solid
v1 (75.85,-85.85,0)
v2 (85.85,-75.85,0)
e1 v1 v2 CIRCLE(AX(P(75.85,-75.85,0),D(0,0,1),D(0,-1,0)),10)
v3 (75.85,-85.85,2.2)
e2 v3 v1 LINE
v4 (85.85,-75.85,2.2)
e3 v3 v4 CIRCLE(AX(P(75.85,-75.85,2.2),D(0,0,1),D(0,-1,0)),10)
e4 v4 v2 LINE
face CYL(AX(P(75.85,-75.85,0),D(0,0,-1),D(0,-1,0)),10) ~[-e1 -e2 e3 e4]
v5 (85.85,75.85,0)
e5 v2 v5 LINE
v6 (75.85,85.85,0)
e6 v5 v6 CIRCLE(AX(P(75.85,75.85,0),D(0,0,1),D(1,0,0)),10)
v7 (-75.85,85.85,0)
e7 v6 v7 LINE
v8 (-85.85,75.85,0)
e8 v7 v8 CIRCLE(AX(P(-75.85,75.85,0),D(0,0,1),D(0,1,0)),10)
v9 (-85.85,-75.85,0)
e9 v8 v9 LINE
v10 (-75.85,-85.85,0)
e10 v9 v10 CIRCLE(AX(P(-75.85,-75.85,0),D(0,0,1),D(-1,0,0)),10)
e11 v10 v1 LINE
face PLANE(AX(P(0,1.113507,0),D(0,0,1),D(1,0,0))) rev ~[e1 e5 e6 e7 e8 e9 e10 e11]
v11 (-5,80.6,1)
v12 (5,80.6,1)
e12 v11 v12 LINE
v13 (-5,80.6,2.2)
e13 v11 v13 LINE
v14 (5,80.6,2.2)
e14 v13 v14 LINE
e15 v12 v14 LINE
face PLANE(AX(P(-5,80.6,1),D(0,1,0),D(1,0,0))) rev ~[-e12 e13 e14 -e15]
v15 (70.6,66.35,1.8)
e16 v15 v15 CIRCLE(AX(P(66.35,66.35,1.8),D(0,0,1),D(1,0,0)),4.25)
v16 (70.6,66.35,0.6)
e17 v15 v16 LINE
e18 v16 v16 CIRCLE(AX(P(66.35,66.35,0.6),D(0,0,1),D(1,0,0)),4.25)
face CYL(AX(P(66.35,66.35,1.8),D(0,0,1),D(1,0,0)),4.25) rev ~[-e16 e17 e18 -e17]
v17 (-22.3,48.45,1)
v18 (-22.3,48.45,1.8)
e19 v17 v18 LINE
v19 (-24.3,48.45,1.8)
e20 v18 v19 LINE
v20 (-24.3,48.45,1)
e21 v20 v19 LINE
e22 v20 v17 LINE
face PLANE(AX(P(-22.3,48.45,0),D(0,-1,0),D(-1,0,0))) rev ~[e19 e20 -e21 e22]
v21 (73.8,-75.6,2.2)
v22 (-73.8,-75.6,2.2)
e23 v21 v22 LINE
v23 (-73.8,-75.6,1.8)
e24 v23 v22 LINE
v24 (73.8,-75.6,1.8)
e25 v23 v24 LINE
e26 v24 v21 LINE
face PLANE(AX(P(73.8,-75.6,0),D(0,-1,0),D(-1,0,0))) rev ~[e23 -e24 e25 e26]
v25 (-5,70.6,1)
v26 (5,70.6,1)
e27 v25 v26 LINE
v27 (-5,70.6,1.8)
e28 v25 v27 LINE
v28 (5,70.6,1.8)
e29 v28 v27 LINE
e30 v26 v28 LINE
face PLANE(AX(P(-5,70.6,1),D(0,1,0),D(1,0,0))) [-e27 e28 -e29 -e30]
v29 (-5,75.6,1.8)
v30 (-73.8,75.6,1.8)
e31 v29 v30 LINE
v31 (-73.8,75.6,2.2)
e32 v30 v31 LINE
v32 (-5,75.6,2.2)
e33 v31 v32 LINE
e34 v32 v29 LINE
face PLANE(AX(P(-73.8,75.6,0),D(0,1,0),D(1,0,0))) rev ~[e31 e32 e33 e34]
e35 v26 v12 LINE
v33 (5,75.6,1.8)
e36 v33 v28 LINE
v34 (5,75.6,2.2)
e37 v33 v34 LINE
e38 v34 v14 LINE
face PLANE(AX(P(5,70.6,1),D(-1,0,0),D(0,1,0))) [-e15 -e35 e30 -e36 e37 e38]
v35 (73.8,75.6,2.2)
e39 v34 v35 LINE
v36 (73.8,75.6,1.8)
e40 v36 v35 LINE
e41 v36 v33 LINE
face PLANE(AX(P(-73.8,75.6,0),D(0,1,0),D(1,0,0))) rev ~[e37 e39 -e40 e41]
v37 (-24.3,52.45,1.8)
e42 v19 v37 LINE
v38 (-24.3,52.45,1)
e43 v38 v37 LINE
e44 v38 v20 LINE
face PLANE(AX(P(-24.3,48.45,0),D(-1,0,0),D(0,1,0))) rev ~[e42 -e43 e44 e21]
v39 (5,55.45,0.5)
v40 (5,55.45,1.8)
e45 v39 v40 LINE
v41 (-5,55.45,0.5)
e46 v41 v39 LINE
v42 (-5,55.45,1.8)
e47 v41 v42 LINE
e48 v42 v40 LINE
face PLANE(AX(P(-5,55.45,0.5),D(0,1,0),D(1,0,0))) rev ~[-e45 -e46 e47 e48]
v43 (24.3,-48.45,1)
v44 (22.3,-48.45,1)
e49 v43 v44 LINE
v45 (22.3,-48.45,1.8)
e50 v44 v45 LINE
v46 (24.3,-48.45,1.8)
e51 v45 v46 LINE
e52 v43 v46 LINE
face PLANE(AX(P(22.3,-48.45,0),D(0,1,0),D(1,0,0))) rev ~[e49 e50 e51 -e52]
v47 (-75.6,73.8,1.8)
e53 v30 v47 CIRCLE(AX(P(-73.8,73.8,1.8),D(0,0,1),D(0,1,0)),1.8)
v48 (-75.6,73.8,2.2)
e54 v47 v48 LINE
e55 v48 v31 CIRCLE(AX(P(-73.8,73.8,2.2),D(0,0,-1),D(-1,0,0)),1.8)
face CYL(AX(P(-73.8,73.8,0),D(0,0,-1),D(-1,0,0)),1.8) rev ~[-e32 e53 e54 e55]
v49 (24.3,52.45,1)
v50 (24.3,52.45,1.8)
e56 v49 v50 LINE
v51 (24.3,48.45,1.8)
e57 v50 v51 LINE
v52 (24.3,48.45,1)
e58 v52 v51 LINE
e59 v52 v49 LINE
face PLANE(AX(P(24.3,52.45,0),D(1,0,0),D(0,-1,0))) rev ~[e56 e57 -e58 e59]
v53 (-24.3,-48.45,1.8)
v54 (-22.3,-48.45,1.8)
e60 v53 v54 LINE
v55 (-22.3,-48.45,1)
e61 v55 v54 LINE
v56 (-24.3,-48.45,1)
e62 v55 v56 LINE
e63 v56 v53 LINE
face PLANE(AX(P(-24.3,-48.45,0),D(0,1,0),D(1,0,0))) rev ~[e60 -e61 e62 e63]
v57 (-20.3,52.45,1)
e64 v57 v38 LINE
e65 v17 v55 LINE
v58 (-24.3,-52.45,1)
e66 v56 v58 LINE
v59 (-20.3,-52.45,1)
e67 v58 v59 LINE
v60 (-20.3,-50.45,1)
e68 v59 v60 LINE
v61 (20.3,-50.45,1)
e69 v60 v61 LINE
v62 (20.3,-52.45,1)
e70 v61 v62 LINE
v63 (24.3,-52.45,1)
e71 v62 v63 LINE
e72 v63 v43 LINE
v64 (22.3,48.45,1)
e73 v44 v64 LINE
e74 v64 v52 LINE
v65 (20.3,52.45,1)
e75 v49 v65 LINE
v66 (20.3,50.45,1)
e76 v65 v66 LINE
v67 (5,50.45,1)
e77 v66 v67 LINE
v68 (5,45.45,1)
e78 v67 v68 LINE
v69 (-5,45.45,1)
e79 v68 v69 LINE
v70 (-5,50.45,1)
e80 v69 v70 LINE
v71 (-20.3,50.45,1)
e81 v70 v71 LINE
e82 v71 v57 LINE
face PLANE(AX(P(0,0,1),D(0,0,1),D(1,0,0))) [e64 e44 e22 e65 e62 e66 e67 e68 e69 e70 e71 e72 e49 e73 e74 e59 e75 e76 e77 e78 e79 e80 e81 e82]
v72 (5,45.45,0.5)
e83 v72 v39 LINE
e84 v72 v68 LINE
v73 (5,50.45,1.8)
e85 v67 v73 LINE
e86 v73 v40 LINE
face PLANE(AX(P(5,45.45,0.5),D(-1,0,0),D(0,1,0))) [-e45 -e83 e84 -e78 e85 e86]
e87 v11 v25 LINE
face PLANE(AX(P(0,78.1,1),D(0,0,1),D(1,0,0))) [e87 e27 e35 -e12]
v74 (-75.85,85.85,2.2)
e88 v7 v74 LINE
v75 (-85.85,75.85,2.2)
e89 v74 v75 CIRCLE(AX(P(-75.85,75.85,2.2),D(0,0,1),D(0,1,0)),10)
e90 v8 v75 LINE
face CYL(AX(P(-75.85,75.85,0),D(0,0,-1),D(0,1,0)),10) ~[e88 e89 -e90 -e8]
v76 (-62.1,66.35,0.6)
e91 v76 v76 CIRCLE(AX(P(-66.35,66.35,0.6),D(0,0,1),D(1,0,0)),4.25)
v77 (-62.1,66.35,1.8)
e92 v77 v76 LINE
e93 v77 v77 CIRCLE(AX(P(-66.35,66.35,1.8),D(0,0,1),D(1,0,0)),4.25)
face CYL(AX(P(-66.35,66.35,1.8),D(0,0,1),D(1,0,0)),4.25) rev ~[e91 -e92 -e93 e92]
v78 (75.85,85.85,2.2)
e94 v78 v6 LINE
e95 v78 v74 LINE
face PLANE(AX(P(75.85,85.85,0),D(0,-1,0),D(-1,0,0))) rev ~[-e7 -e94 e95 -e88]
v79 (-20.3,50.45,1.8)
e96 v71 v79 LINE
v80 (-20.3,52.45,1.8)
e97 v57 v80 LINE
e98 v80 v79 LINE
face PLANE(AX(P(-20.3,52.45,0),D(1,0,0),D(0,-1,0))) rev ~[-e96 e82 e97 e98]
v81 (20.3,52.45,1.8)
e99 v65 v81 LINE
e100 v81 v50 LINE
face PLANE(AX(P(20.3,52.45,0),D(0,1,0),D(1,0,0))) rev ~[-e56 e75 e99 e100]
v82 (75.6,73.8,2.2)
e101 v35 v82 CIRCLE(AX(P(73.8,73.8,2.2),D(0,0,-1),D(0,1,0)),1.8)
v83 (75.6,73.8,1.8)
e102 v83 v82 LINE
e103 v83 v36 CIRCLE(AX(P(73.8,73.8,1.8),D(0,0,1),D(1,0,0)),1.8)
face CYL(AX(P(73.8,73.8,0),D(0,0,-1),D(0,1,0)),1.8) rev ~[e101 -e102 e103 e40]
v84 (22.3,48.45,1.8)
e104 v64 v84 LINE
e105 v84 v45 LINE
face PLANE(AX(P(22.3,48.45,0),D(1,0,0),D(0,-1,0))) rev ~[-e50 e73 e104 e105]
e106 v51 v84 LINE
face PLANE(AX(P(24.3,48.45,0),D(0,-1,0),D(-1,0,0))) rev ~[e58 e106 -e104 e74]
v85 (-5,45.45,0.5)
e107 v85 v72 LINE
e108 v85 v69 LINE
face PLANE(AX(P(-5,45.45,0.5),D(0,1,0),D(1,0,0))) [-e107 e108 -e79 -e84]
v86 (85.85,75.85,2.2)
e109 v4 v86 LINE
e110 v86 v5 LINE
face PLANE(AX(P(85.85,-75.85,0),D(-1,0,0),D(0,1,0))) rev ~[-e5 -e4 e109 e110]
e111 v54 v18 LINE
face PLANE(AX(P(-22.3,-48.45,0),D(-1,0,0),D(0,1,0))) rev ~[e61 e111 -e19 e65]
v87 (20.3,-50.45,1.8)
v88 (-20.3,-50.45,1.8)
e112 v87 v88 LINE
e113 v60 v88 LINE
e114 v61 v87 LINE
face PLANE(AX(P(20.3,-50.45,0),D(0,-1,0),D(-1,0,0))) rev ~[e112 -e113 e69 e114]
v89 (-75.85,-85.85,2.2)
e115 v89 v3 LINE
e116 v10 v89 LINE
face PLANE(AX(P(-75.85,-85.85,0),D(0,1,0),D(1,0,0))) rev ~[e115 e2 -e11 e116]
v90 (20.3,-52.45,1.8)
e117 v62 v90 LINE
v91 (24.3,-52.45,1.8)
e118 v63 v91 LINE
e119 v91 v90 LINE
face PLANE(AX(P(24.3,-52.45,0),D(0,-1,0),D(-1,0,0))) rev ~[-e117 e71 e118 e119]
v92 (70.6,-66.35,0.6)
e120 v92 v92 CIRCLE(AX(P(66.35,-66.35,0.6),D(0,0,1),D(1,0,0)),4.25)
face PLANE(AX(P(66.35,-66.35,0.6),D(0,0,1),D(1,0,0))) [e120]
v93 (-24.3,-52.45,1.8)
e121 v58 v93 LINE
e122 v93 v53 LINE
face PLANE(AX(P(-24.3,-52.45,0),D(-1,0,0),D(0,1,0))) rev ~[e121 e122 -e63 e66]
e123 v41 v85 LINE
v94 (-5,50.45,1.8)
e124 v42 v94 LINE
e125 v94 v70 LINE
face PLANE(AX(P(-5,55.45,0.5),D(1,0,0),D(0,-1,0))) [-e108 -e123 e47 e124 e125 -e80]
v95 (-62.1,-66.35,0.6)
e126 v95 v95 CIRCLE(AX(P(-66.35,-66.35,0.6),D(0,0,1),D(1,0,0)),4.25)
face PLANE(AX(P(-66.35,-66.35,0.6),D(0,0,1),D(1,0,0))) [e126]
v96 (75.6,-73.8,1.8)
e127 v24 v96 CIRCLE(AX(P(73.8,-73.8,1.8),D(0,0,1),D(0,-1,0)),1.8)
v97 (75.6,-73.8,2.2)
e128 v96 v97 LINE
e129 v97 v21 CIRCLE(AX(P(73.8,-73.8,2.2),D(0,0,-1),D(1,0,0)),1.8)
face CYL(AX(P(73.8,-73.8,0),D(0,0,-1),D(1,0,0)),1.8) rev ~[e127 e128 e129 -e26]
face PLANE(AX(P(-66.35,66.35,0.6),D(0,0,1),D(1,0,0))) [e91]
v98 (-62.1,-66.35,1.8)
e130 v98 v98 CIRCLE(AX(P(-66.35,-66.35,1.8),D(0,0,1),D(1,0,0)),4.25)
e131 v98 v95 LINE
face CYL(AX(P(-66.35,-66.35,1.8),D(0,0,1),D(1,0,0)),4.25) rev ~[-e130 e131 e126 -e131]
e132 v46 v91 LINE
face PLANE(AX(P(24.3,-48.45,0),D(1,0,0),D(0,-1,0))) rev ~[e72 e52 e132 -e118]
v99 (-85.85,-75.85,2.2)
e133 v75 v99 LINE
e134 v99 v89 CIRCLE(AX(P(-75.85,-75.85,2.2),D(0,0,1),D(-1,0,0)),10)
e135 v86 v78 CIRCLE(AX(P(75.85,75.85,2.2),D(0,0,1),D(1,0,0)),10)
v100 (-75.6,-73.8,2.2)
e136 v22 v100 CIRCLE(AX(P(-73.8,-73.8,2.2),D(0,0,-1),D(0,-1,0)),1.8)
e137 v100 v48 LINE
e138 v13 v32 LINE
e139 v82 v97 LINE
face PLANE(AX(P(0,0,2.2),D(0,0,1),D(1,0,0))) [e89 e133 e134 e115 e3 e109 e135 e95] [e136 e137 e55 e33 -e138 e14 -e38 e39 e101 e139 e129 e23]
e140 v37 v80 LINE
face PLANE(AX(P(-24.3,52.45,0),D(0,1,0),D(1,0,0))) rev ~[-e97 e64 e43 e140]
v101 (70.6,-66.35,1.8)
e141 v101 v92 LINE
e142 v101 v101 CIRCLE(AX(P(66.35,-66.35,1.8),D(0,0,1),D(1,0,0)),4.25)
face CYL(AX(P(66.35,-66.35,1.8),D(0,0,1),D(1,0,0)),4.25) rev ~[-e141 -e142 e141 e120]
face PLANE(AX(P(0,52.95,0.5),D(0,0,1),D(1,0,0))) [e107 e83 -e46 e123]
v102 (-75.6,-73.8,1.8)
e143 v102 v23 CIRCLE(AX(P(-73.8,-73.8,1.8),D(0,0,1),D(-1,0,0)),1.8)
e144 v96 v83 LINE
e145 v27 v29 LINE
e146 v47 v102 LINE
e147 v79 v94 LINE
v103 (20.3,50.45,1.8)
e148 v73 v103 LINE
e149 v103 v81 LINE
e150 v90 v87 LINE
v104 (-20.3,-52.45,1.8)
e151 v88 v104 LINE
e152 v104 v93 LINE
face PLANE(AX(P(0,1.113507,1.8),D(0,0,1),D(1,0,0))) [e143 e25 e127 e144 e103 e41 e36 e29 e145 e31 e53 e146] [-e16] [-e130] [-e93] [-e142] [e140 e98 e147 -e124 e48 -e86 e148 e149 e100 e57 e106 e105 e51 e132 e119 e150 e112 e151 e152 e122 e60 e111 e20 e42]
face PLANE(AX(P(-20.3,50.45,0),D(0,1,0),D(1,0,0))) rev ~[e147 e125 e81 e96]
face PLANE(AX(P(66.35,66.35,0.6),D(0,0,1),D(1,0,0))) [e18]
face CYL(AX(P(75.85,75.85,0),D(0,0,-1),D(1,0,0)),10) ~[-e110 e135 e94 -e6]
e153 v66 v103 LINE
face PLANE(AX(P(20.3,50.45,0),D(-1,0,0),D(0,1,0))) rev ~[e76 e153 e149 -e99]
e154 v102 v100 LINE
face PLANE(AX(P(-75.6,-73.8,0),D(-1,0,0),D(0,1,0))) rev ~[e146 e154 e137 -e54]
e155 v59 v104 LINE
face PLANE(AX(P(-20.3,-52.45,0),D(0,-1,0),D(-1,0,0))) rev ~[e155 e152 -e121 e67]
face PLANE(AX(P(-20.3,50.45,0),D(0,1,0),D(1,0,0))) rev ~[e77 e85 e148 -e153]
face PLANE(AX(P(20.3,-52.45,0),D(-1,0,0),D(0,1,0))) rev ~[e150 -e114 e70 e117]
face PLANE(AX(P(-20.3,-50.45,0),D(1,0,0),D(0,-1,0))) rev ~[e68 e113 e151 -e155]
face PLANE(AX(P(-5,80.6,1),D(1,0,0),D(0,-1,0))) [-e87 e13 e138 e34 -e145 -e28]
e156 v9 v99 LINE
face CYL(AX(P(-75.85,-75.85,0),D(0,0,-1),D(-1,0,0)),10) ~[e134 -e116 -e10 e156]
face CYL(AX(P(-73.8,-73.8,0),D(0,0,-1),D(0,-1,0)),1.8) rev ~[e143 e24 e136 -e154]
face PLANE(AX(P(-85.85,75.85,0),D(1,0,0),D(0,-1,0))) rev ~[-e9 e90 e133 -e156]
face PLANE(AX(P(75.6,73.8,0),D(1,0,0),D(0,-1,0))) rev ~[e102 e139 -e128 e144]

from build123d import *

# Parameters (mm, degrees)
F0_W     = 10
F0_H     = 5
F1_DEPTH = 1
F2_DEPTH = 2.2
F3_DEPTH = 1.8
F4_START = 1
F4_DEPTH = 1.2
F5_START = 0.5
F5_DEPTH = 1.3
F6_R     = 4.25
F7_DEPTH = 1.2


with BuildPart() as f1:
    # F0 (on Top) → F1 (new body)
    with BuildSketch(Plane.XY):
        with BuildLine():
            Line((75.85, 85.85), (-75.85, 85.85))
            ThreePointArc((-75.85, 85.85), (-82.9210678119, 82.9210678119), (-85.85, 75.85))
            Line((-85.85, 75.85), (-85.85, -75.85))
            ThreePointArc((-85.85, -75.85), (-82.9210678119, -82.9210678119), (-75.85, -85.85))
            Line((-75.85, -85.85), (75.85, -85.85))
            ThreePointArc((75.85, -85.85), (82.9210678119, -82.9210678119), (85.85, -75.85))
            Line((85.85, -75.85), (85.85, 75.85))
            ThreePointArc((85.85, 75.85), (82.9210678119, 82.9210678119), (75.85, 85.85))
        make_face()
        with BuildLine():
            Line((5, 75.6), (73.8, 75.6))
            ThreePointArc((73.8, 75.6), (75.0727922061, 75.0727922061), (75.6, 73.8))
            Line((75.6, 73.8), (75.6, -73.8))
            ThreePointArc((75.6, -73.8), (75.0727922061, -75.0727922061), (73.8, -75.6))
            Line((73.8, -75.6), (-73.8, -75.6))
            ThreePointArc((-73.8, -75.6), (-75.0727922061, -75.0727922061), (-75.6, -73.8))
            Line((-75.6, -73.8), (-75.6, 73.8))
            ThreePointArc((-75.6, 73.8), (-75.0727922061, 75.0727922061), (-73.8, 75.6))
            Line((-73.8, 75.6), (-5, 75.6))
            Line((-5, 75.6), (-5, 80.6))
            Line((-5, 80.6), (5, 80.6))
            Line((5, 80.6), (5, 75.6))
        make_face(mode=Mode.SUBTRACT)
        with BuildLine():
            ThreePointArc((75.6, 73.8), (75.0727922061, 75.0727922061), (73.8, 75.6))
            Line((73.8, 75.6), (5, 75.6))
            Line((5, 75.6), (5, 70.6))
            Line((5, 70.6), (-5, 70.6))
            Line((-5, 70.6), (-5, 75.6))
            Line((-5, 75.6), (-73.8, 75.6))
            ThreePointArc((-73.8, 75.6), (-75.0727922061, 75.0727922061), (-75.6, 73.8))
            Line((-75.6, 73.8), (-75.6, -73.8))
            ThreePointArc((-75.6, -73.8), (-75.0727922061, -75.0727922061), (-73.8, -75.6))
            Line((-73.8, -75.6), (73.8, -75.6))
            ThreePointArc((73.8, -75.6), (75.0727922061, -75.0727922061), (75.6, -73.8))
            Line((75.6, -73.8), (75.6, 73.8))
        make_face()
        Polygon((-20.3, 52.45), (-20.3, 50.45), (-5, 50.45), (-5, 55.45), (5, 55.45), (5, 50.45), (20.3, 50.45), (20.3, 52.45), (24.3, 52.45), (24.3, 48.45), (22.3, 48.45), (22.3, -48.45), (24.3, -48.45), (24.3, -52.45), (20.3, -52.45), (20.3, -50.45), (-20.3, -50.45), (-20.3, -52.45), (-24.3, -52.45), (-24.3, -48.45), (-22.3, -48.45), (-22.3, 48.45), (-24.3, 48.45), (-24.3, 52.45), align=None, mode=Mode.SUBTRACT)
        Polygon((-5, 50.45), (-20.3, 50.45), (-20.3, 52.45), (-24.3, 52.45), (-24.3, 48.45), (-22.3, 48.45), (-22.3, -48.45), (-24.3, -48.45), (-24.3, -52.45), (-20.3, -52.45), (-20.3, -50.45), (20.3, -50.45), (20.3, -52.45), (24.3, -52.45), (24.3, -48.45), (22.3, -48.45), (22.3, 48.45), (24.3, 48.45), (24.3, 52.45), (20.3, 52.45), (20.3, 50.45), (5, 50.45), (5, 45.45), (-5, 45.45), align=None)
        with Locations((0, 78.1)):
            Rectangle(F0_W, F0_H)
        with Locations((0, 52.95)):
            Rectangle(F0_W, F0_H)
        with Locations((0, 73.1)):
            Rectangle(F0_W, F0_H)
        with Locations((0, 47.95)):
            Rectangle(F0_W, F0_H)
    extrude(amount=F1_DEPTH)

    # F0 (on Top) → F2 (join)
    with BuildSketch(Plane.XY):
        with BuildLine():
            Line((75.85, 85.85), (-75.85, 85.85))
            ThreePointArc((-75.85, 85.85), (-82.9210678119, 82.9210678119), (-85.85, 75.85))
            Line((-85.85, 75.85), (-85.85, -75.85))
            ThreePointArc((-85.85, -75.85), (-82.9210678119, -82.9210678119), (-75.85, -85.85))
            Line((-75.85, -85.85), (75.85, -85.85))
            ThreePointArc((75.85, -85.85), (82.9210678119, -82.9210678119), (85.85, -75.85))
            Line((85.85, -75.85), (85.85, 75.85))
            ThreePointArc((85.85, 75.85), (82.9210678119, 82.9210678119), (75.85, 85.85))
        make_face()
        with BuildLine():
            Line((5, 75.6), (73.8, 75.6))
            ThreePointArc((73.8, 75.6), (75.0727922061, 75.0727922061), (75.6, 73.8))
            Line((75.6, 73.8), (75.6, -73.8))
            ThreePointArc((75.6, -73.8), (75.0727922061, -75.0727922061), (73.8, -75.6))
            Line((73.8, -75.6), (-73.8, -75.6))
            ThreePointArc((-73.8, -75.6), (-75.0727922061, -75.0727922061), (-75.6, -73.8))
            Line((-75.6, -73.8), (-75.6, 73.8))
            ThreePointArc((-75.6, 73.8), (-75.0727922061, 75.0727922061), (-73.8, 75.6))
            Line((-73.8, 75.6), (-5, 75.6))
            Line((-5, 75.6), (-5, 80.6))
            Line((-5, 80.6), (5, 80.6))
            Line((5, 80.6), (5, 75.6))
        make_face(mode=Mode.SUBTRACT)
        with Locations((0, 78.1)):
            Rectangle(F0_W, F0_H)
    extrude(amount=F2_DEPTH)

    # F0 (on Top) → F3 (join)
    with BuildSketch(Plane.XY):
        with BuildLine():
            ThreePointArc((75.6, 73.8), (75.0727922061, 75.0727922061), (73.8, 75.6))
            Line((73.8, 75.6), (5, 75.6))
            Line((5, 75.6), (5, 70.6))
            Line((5, 70.6), (-5, 70.6))
            Line((-5, 70.6), (-5, 75.6))
            Line((-5, 75.6), (-73.8, 75.6))
            ThreePointArc((-73.8, 75.6), (-75.0727922061, 75.0727922061), (-75.6, 73.8))
            Line((-75.6, 73.8), (-75.6, -73.8))
            ThreePointArc((-75.6, -73.8), (-75.0727922061, -75.0727922061), (-73.8, -75.6))
            Line((-73.8, -75.6), (73.8, -75.6))
            ThreePointArc((73.8, -75.6), (75.0727922061, -75.0727922061), (75.6, -73.8))
            Line((75.6, -73.8), (75.6, 73.8))
        make_face()
        Polygon((-20.3, 52.45), (-20.3, 50.45), (-5, 50.45), (-5, 55.45), (5, 55.45), (5, 50.45), (20.3, 50.45), (20.3, 52.45), (24.3, 52.45), (24.3, 48.45), (22.3, 48.45), (22.3, -48.45), (24.3, -48.45), (24.3, -52.45), (20.3, -52.45), (20.3, -50.45), (-20.3, -50.45), (-20.3, -52.45), (-24.3, -52.45), (-24.3, -48.45), (-22.3, -48.45), (-22.3, 48.45), (-24.3, 48.45), (-24.3, 52.45), align=None, mode=Mode.SUBTRACT)
        with Locations((0, 73.1)):
            Rectangle(F0_W, F0_H)
        with Locations((0, 52.95)):
            Rectangle(F0_W, F0_H)
    extrude(amount=F3_DEPTH)

    # F0 (on Top) → F4 (cut)
    with BuildSketch(Plane.XY.offset(F4_START)):
        with Locations((0, 78.1)):
            Rectangle(F0_W, F0_H)
        with Locations((0, 73.1)):
            Rectangle(F0_W, F0_H)
    extrude(amount=F4_DEPTH, mode=Mode.SUBTRACT)

    # F0 (on Top) → F5 (cut)
    with BuildSketch(Plane.XY.offset(F5_START)):
        with Locations((0, 52.95)):
            Rectangle(F0_W, F0_H)
        with Locations((0, 47.95)):
            Rectangle(F0_W, F0_H)
    extrude(amount=F5_DEPTH, mode=Mode.SUBTRACT)

    # F6 (on face) → F7 (cut)
    with BuildSketch(Plane.XY.offset(1.8)):
        with Locations((-66.35, 66.35)):
            Circle(F6_R)
        with Locations((66.35, 66.35)):
            Circle(F6_R)
        with Locations((66.35, -66.35)):
            Circle(F6_R)
        with Locations((-66.35, -66.35)):
            Circle(F6_R)
    extrude(amount=-F7_DEPTH, mode=Mode.SUBTRACT)


solid = f1.part
